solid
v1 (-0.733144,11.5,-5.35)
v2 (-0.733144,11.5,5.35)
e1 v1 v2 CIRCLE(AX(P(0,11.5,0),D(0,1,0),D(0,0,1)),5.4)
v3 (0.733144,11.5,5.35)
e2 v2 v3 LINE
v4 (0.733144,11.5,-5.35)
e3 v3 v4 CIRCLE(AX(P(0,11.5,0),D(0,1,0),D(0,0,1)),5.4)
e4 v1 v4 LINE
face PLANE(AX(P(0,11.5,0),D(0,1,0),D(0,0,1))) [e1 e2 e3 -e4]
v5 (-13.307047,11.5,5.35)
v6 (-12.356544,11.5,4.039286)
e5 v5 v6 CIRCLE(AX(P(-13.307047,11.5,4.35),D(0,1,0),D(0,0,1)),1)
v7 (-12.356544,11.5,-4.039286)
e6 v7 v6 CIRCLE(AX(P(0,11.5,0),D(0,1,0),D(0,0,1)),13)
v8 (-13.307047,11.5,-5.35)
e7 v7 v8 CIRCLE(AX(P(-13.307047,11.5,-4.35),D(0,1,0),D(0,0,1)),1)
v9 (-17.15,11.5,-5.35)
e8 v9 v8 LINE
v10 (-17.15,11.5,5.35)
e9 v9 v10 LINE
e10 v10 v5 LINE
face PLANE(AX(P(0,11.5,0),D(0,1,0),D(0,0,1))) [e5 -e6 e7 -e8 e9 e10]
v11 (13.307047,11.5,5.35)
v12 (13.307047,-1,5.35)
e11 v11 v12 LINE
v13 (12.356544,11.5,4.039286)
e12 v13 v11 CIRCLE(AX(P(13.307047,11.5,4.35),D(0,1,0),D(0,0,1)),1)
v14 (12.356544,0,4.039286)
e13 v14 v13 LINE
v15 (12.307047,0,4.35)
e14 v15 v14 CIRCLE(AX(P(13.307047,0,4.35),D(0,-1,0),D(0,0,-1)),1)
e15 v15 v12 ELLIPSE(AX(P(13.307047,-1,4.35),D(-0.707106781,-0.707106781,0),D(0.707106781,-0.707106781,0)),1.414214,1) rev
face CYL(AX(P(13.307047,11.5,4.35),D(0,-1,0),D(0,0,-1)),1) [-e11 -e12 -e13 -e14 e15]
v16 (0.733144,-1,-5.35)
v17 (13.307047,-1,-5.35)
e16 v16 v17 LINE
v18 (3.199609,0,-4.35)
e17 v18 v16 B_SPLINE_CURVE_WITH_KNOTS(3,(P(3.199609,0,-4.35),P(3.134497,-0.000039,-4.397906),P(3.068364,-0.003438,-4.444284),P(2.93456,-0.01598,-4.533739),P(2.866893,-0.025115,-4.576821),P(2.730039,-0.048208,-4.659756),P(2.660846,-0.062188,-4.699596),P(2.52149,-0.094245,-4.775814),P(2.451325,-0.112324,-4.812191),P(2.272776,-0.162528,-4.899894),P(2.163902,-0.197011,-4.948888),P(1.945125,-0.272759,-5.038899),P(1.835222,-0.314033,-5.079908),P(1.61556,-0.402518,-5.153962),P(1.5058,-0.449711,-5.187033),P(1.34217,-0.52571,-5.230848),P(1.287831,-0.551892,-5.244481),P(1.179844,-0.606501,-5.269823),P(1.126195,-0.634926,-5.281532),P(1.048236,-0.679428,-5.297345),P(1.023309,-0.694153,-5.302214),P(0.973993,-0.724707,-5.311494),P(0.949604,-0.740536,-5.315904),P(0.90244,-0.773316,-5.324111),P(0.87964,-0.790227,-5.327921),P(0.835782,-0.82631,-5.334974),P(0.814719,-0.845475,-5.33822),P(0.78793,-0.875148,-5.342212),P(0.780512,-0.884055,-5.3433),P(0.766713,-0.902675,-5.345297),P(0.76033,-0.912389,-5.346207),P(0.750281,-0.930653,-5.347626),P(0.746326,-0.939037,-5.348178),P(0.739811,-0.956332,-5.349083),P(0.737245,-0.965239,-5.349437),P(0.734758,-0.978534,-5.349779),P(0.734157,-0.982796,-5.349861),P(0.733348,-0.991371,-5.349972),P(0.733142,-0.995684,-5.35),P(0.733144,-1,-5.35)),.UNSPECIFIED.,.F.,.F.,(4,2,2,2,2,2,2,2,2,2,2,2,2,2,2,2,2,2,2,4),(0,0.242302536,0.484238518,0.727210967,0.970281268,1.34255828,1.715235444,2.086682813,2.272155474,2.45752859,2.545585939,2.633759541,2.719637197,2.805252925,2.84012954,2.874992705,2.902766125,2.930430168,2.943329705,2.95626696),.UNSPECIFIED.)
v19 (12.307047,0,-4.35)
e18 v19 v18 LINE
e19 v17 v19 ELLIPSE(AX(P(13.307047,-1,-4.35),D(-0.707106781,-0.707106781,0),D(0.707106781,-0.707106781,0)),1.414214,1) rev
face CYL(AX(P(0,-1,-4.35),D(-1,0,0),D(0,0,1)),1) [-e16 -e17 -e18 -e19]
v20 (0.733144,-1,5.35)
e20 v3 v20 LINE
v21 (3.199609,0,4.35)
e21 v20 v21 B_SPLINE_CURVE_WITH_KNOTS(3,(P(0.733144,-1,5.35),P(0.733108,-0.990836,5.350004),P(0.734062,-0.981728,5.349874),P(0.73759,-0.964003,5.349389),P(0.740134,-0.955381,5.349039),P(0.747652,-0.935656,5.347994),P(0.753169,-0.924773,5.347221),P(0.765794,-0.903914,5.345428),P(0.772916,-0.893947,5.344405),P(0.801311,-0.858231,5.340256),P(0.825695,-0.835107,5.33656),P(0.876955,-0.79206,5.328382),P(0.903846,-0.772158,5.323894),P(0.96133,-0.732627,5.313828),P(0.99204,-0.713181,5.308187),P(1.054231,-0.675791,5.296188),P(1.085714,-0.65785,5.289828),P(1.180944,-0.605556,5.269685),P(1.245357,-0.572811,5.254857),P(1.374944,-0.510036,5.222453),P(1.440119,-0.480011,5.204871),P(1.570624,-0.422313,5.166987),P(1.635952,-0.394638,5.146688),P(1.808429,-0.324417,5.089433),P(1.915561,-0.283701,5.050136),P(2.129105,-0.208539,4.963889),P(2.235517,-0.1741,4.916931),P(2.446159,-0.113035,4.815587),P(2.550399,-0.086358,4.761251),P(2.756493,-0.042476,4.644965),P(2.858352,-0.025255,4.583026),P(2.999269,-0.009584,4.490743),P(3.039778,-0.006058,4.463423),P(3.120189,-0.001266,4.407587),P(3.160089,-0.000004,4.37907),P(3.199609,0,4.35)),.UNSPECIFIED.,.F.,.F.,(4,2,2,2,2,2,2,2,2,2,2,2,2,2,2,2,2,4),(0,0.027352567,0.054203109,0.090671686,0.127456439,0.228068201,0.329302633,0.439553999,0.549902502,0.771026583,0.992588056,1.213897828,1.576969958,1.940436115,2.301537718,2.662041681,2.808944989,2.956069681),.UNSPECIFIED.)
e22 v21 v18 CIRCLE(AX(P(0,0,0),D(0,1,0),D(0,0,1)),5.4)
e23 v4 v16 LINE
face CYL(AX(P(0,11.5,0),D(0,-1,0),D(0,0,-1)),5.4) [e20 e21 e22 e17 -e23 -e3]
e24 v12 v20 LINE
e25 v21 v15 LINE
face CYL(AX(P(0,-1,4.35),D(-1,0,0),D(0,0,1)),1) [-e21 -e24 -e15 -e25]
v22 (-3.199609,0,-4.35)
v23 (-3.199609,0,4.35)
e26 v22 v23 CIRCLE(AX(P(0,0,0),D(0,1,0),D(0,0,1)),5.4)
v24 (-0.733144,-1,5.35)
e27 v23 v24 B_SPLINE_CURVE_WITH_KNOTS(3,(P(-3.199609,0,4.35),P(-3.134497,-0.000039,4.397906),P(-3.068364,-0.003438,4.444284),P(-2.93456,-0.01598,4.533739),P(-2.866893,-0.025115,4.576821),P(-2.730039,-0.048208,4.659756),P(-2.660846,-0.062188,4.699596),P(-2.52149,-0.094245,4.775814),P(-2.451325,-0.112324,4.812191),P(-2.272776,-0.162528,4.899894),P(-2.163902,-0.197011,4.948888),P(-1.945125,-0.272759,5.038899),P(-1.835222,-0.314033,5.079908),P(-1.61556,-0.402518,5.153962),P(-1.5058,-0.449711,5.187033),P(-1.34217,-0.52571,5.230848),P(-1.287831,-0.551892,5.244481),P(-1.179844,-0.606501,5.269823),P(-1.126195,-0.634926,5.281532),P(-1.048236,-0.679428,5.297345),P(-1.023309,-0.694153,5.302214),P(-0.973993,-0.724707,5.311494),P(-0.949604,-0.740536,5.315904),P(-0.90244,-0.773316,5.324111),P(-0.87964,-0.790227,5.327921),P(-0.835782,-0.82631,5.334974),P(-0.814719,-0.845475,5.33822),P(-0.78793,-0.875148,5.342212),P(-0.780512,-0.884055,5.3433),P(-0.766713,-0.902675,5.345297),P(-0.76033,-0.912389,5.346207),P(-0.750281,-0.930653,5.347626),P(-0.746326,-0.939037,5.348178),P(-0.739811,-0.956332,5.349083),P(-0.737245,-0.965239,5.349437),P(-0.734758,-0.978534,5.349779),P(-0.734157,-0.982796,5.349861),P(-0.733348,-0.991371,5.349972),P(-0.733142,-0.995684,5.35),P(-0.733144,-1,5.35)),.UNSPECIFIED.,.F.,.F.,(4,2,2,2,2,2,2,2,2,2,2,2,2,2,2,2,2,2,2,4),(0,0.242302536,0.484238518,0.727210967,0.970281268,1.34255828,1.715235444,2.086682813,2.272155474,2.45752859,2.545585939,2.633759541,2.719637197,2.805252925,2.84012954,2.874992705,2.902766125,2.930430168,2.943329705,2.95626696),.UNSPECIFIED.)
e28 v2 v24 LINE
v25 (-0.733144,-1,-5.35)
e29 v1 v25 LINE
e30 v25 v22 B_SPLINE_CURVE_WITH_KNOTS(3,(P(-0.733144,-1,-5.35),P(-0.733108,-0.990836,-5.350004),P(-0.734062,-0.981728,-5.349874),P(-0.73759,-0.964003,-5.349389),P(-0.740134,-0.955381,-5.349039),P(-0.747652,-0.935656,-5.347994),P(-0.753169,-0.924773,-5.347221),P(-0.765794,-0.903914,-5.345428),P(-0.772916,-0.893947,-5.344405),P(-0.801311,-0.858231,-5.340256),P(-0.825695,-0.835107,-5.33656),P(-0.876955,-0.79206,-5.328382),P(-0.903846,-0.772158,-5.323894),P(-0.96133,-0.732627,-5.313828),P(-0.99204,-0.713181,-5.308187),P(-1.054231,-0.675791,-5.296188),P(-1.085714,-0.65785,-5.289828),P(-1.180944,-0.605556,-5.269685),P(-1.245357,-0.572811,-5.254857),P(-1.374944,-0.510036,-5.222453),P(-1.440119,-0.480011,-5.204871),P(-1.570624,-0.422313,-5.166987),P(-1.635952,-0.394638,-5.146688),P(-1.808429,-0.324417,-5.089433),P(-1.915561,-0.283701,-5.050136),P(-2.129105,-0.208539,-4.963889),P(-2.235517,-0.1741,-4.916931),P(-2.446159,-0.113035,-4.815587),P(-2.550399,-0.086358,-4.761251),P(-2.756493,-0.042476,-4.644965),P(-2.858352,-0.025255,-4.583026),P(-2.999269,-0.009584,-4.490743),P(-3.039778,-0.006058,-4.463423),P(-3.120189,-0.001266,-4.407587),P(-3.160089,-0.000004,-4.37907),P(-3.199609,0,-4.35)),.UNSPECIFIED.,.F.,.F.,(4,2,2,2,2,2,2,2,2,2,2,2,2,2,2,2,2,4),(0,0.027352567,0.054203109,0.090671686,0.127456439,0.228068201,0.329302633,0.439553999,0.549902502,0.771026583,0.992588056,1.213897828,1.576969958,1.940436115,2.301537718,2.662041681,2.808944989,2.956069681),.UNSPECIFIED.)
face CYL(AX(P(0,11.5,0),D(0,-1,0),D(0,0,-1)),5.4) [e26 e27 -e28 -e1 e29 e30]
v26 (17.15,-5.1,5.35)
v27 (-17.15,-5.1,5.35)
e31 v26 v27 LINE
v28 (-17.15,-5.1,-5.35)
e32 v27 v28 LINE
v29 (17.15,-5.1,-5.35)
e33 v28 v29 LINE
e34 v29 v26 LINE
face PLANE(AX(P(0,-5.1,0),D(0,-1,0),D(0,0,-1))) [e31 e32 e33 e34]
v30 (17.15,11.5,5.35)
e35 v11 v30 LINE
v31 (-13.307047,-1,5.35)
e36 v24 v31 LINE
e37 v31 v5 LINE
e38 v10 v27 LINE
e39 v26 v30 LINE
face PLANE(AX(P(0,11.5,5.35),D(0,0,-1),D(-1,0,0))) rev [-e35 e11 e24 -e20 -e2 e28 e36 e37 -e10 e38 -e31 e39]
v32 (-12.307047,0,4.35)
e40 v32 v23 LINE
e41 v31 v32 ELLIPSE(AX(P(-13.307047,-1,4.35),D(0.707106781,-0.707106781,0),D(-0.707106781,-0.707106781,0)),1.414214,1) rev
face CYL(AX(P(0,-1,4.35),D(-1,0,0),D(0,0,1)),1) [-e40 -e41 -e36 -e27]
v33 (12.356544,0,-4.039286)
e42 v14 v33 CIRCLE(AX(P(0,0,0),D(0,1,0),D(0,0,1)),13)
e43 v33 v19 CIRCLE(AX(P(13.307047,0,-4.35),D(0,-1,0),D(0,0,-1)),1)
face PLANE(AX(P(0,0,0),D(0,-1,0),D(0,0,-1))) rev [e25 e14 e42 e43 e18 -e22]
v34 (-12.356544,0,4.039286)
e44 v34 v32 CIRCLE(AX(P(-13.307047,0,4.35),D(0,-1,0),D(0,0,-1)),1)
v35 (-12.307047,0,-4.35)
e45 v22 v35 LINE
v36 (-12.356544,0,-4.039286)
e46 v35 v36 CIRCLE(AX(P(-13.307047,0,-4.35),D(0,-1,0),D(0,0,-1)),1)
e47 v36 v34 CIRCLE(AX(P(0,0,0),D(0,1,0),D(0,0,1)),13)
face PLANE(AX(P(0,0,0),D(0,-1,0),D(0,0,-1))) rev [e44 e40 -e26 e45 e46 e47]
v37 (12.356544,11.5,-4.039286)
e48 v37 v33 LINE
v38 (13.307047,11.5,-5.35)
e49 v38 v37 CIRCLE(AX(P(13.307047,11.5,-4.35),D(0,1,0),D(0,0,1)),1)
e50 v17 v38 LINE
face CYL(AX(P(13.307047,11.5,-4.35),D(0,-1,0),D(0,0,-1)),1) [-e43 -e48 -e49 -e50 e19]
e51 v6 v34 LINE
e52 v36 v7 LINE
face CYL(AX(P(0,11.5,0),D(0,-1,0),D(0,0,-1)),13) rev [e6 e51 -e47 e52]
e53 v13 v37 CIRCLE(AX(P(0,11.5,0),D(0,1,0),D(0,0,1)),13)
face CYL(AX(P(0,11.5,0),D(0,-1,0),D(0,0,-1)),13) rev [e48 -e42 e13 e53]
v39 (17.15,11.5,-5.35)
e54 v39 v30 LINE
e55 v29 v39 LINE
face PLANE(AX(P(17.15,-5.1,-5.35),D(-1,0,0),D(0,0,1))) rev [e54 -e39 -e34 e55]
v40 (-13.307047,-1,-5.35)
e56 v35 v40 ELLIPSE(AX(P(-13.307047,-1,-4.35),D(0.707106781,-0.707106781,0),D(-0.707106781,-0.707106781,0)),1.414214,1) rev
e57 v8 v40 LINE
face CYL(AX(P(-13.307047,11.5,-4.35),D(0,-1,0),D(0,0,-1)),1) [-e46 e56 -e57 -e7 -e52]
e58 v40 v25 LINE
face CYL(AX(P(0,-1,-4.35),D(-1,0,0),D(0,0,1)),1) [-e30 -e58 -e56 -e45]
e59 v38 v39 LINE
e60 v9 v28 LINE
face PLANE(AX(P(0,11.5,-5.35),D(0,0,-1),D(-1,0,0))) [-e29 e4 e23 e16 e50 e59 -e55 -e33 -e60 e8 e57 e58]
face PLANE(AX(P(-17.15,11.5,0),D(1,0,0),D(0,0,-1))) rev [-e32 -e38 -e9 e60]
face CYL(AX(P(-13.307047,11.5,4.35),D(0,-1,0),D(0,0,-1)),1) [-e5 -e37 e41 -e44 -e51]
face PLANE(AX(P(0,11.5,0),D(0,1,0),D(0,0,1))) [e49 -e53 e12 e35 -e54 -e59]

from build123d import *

# Parameters (mm, degrees)
BOSS_EXTRUDE1_DEPTH   = 11.5
BOSS_EXTRUDE1_2_DEPTH = 11.5
BOSS_EXTRUDE1_3_DEPTH = 11.5
SKETCH2_W             = 34.3
SKETCH2_H             = 10.7
BOSS_EXTRUDE2_DEPTH   = 5.1
FILLET1_R             = 1


with BuildPart() as part:
    # Sketch1 → Boss-Extrude1 (new body)
    with BuildSketch(Plane(origin=(0, 0, 0), x_dir=(1, 0, 0), z_dir=(0, 1, 0))):
        with BuildLine():
            ThreePointArc((-11.848101114, 5.35), (-13, 0), (-11.848101114, -5.35))
            Line((-11.848101114, -5.35), (-17.15, -5.35))
            Line((-17.15, -5.35), (-17.15, 5.35))
            Line((-17.15, 5.35), (-11.848101114, 5.35))
        make_face()
    extrude(amount=BOSS_EXTRUDE1_DEPTH)



with BuildPart() as body_2:
    # Sketch1 → Boss-Extrude1 2 (new body)
    with BuildSketch(Plane(origin=(0, 0, 0), x_dir=(1, 0, 0), z_dir=(0, 1, 0))):
        with BuildLine():
            Line((0.733143915, 5.35), (-0.733143915, 5.35))
            ThreePointArc((-0.733143915, 5.35), (-5.4, 0), (-0.733143915, -5.35))
            Line((-0.733143915, -5.35), (0.733143915, -5.35))
            ThreePointArc((0.733143915, -5.35), (4.069335151, -3.549719909), (5.4, 0))
            ThreePointArc((5.4, 0), (4.069335151, 3.549719909), (0.733143915, 5.35))
        make_face()
    extrude(amount=BOSS_EXTRUDE1_2_DEPTH)


with BuildPart() as body_3:
    # Sketch1 → Boss-Extrude1 3 (new body)
    with BuildSketch(Plane(origin=(0, 0, 0), x_dir=(1, 0, 0), z_dir=(0, 1, 0))):
        with BuildLine():
            ThreePointArc((11.848101114, -5.35), (13, 0), (11.848101114, 5.35))
            Line((11.848101114, 5.35), (17.15, 5.35))
            Line((17.15, 5.35), (17.15, -5.35))
            Line((17.15, -5.35), (11.848101114, -5.35))
        make_face()
    extrude(amount=BOSS_EXTRUDE1_3_DEPTH)


with BuildPart() as part_1:
    add(part.part)

    add(body_2.part)  # Boss-Extrude2 merges body 2

    add(body_3.part)  # Boss-Extrude2 merges body 3
    # Sketch2 → Boss-Extrude2 (add)
    with BuildSketch(Plane.XZ):
        Rectangle(SKETCH2_W, SKETCH2_H)
    extrude(amount=BOSS_EXTRUDE2_DEPTH)

    # Fillet1
    fillet1_edges = [part_1.edges().sort_by_distance(p)[0] for p in [
        (-6.290622514, 0, -5.35),
        (6.290622514, 0, -5.35),
        (-6.290622514, 0, 5.35),
        (6.290622514, 0, 5.35),
        (11.848101114, 5.75, -5.35),
        (11.848101114, 5.75, 5.35),
        (-11.848101114, 5.75, 5.35),
        (-11.848101114, 5.75, -5.35),
    ]]
    fillet(fillet1_edges, radius=FILLET1_R)


solid = part_1.part
